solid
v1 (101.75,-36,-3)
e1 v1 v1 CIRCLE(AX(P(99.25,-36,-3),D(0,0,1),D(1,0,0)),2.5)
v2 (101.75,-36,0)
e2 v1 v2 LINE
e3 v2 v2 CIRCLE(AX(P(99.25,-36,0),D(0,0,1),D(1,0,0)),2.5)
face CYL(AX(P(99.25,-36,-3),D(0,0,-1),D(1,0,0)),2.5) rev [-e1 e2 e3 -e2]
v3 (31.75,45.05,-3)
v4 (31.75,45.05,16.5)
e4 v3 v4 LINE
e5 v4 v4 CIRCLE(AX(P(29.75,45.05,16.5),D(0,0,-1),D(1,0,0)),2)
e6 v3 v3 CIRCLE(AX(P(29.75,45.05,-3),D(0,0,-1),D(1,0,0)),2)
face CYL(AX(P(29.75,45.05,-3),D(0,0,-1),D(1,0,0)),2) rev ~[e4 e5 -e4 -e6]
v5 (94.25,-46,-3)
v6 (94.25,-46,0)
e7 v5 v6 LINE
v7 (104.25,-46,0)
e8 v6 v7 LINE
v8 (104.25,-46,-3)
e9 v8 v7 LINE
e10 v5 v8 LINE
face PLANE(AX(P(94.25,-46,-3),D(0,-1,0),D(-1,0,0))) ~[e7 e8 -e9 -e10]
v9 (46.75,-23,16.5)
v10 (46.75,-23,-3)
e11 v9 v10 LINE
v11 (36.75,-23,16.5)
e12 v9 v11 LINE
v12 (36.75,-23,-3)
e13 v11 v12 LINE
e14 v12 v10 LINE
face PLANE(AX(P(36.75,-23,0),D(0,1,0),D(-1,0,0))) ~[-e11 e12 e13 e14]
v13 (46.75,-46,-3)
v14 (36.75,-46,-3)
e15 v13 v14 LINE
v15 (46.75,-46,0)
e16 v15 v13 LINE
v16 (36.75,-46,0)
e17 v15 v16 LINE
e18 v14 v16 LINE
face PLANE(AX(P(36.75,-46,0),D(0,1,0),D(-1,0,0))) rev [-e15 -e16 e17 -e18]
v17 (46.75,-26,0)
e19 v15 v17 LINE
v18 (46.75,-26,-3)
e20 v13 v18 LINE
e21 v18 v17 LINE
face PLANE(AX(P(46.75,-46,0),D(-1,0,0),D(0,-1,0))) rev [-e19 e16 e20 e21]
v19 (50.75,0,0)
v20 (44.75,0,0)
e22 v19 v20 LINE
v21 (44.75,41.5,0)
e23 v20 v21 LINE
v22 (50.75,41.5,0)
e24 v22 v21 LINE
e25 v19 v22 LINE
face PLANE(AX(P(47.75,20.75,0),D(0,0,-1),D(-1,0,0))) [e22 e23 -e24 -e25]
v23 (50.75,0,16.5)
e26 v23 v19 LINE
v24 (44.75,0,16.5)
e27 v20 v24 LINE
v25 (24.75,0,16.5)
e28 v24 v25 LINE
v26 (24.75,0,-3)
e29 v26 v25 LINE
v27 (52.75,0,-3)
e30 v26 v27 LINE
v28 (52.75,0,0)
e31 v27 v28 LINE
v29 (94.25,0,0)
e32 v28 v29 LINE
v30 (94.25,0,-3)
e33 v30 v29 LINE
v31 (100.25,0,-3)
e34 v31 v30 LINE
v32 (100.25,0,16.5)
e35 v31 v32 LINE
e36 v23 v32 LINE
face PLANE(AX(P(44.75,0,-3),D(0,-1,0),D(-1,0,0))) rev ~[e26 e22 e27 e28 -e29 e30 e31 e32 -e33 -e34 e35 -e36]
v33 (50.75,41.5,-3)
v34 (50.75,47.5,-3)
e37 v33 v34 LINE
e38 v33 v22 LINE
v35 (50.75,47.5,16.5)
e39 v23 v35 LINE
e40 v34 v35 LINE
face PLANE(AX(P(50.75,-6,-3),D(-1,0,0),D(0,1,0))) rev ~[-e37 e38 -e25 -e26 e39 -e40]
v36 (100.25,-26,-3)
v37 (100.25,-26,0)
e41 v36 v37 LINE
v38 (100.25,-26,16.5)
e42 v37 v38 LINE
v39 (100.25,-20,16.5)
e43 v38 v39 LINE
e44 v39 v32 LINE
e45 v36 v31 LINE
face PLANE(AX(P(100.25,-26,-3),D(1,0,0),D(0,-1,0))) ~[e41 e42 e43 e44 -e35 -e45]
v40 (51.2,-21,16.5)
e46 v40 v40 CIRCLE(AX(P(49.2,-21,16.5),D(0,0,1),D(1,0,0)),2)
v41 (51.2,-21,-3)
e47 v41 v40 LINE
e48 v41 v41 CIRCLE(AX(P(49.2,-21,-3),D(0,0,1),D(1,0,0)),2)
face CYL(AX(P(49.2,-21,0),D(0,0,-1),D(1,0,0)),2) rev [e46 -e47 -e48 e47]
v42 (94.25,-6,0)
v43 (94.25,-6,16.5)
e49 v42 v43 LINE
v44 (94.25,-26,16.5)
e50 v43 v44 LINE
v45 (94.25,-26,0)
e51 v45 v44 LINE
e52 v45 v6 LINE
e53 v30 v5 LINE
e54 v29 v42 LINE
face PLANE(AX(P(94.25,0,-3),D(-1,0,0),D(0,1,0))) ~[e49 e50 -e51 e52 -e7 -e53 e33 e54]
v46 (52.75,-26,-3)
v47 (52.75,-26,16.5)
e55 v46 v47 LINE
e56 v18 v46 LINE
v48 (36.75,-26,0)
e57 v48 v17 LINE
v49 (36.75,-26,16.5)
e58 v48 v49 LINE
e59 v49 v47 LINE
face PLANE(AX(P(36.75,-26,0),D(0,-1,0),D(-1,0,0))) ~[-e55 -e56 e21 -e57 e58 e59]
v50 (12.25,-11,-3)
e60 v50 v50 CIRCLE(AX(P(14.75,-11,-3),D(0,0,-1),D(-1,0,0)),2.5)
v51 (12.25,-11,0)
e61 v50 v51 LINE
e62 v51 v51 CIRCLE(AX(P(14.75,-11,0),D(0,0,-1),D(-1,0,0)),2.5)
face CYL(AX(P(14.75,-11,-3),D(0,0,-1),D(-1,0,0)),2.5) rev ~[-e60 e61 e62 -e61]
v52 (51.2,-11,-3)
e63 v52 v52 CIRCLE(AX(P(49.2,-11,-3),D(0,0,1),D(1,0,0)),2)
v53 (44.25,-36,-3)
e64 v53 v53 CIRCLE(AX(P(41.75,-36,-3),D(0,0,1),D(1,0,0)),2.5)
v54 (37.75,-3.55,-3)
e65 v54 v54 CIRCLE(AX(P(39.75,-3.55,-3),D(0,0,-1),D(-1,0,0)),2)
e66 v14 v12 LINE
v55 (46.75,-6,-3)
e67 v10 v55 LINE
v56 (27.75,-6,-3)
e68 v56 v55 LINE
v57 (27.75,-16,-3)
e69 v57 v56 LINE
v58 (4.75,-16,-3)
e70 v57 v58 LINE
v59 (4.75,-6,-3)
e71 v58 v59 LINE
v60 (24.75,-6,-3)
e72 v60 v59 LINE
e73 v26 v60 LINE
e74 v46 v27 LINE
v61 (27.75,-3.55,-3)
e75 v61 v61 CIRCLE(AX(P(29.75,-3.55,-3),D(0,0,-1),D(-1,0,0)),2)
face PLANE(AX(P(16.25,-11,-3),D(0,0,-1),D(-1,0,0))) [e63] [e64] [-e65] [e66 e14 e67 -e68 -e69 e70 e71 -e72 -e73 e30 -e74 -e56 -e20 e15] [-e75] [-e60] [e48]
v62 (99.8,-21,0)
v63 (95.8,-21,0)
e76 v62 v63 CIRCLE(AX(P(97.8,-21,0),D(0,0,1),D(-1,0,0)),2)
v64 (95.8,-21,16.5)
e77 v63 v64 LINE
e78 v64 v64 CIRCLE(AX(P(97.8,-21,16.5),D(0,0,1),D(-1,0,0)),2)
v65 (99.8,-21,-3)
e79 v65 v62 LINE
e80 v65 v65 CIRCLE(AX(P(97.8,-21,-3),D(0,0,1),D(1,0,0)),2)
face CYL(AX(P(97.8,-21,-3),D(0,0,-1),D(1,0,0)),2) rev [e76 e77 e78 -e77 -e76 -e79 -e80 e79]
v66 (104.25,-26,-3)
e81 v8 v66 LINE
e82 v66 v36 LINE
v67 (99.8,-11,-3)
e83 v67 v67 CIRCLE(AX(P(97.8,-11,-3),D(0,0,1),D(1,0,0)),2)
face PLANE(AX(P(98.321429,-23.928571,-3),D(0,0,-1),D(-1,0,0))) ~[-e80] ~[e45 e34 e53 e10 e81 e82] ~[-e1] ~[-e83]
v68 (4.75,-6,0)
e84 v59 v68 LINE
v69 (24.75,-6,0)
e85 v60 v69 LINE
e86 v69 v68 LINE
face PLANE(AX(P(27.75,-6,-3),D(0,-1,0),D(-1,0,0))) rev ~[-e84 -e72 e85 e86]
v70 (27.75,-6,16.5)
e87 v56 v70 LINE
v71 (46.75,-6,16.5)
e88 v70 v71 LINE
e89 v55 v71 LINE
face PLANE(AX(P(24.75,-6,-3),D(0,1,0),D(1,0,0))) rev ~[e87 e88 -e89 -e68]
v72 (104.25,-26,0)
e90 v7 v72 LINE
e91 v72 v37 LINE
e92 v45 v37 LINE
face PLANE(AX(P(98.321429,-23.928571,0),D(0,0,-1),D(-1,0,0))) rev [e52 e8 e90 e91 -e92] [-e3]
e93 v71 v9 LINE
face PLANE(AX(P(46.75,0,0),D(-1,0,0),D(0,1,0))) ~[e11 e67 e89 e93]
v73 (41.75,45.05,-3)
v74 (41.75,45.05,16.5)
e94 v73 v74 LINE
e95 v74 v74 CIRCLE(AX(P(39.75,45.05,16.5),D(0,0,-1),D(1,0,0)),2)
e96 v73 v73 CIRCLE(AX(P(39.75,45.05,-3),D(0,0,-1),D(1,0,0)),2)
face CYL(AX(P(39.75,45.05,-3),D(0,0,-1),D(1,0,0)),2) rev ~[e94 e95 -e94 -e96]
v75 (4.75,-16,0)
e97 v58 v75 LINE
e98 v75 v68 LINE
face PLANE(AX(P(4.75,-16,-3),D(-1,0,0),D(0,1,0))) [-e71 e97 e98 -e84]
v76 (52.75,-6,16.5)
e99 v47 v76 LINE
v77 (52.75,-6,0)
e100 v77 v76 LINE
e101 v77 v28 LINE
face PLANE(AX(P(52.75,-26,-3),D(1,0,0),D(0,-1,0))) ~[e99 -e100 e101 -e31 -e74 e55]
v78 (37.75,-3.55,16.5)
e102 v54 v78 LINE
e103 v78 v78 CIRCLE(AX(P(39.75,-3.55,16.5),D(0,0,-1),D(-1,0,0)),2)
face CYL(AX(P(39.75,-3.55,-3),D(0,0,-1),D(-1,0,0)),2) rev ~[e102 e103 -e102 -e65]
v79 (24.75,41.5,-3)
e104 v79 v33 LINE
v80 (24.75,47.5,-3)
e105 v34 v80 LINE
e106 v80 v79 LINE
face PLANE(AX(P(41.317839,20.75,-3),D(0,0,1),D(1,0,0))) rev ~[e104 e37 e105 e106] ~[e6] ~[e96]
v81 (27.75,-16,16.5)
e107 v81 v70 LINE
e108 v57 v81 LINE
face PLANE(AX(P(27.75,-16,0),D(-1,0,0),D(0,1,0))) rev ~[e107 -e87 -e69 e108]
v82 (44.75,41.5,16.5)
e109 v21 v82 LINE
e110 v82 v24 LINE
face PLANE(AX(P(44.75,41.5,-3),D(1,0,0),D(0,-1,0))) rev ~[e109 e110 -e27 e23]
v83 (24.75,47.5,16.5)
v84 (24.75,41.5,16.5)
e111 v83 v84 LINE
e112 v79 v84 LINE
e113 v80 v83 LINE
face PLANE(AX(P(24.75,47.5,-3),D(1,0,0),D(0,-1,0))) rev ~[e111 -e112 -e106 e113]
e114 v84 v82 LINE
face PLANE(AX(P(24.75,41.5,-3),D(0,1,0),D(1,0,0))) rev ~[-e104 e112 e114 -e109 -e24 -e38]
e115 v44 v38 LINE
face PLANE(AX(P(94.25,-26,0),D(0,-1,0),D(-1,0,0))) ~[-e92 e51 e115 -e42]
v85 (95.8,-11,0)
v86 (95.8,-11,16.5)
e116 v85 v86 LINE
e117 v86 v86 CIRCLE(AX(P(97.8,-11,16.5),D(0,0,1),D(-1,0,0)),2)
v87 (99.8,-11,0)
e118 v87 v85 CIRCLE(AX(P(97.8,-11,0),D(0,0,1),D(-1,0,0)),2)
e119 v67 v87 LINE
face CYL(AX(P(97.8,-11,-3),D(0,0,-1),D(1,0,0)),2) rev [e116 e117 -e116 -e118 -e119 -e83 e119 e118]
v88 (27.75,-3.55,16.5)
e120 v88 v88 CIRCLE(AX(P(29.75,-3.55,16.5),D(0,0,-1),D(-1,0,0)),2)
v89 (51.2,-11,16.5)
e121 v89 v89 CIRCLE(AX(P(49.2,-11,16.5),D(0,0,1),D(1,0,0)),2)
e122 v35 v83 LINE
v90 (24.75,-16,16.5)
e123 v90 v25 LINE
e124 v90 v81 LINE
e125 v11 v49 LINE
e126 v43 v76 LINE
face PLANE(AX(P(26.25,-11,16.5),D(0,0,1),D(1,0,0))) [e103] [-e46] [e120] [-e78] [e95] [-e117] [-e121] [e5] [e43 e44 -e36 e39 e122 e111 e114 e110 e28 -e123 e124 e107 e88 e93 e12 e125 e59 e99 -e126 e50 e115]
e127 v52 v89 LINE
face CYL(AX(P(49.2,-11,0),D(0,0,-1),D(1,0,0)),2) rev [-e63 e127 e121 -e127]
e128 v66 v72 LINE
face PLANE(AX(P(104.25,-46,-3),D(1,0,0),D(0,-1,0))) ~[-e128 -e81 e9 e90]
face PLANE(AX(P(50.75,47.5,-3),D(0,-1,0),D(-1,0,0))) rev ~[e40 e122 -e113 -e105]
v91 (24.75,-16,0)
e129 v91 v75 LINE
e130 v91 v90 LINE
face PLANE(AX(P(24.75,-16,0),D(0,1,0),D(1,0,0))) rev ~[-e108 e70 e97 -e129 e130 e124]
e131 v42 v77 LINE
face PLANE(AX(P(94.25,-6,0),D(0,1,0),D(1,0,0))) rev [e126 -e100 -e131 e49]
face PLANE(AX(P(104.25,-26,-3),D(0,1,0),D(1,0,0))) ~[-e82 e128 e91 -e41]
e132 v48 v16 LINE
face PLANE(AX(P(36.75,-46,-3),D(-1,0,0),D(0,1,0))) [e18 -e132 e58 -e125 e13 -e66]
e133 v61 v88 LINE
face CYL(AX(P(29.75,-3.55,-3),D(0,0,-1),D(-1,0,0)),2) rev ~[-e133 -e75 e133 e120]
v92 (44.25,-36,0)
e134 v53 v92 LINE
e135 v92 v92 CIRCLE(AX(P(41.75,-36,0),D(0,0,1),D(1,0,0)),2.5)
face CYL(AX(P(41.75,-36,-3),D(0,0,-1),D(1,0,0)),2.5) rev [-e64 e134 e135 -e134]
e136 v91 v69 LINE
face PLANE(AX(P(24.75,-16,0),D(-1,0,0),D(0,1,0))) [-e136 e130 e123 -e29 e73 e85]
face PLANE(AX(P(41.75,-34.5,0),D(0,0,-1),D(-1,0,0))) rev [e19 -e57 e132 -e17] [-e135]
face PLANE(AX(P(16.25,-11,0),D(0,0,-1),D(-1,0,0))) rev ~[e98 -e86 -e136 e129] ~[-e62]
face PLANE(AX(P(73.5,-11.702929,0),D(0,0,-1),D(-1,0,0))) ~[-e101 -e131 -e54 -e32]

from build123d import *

# Parameters (mm, degrees)
EXTRUDE_1_DEPTH     = 16.5
SKETCH_3_W          = 10
SKETCH_3_H          = 16.5
CUT_EXTRUDE_2_DEPTH = 3
SKETCH_4_W          = 11.896315449
SKETCH_4_H          = 29.084641161
CUT_EXTRUDE_3_DEPTH = 48.945933091
SKETCH_5_R          = 2
CUT_EXTRUDE_4_DEPTH = 48.945933091
SKETCH_6_W          = 10
SKETCH_6_H          = 23
EXTRUDE_2_DEPTH     = 3
SKETCH_7_R          = 2.5
CUT_EXTRUDE_5_DEPTH = 3
EXTRUDE_START       = 3
SKETCH_8_R          = 2
SKETCH_8_W          = 6
SKETCH_8_H          = 26
EXTRUDE_3_DEPTH     = 3
SKETCH_9_R          = 2.5
CUT_EXTRUDE_6_DEPTH = 3
SKETCH_10_W         = 74.694005649
SKETCH_10_H         = 52.095093629
CUT_EXTRUDE_7_DEPTH = 116.604119736
SKETCH_13_R         = 2
EXTRUDE_4_DEPTH     = 19.5
SKETCH_14_W         = 6
SKETCH_14_H         = 41.5
CUT_EXTRUDE_9_DEPTH = 3
SKETCH_15_W         = 23
SKETCH_15_H         = 10
SKETCH_15_R         = 2.5
EXTRUDE_5_DEPTH     = 3
SKETCH_16_W         = 3
SKETCH_16_H         = 10
EXTRUDE_6_DEPTH     = 16.5


with BuildPart() as part:
    # 草图1 → 凸台-拉伸1 (new body)
    with BuildSketch(Plane.XY):
        Polygon((0, 0), (26.75, 0), (26.75, -20), (36.75, -20), (36.75, -26), (20.75, -26), (20.75, -6), (0, -6), (-20.75, -6), (-20.75, -26), (-36.75, -26), (-36.75, -20), (-26.75, -20), (-26.75, 0), align=None)
    extrude(amount=EXTRUDE_1_DEPTH)

    # 草图3 → 切除-拉伸2 (cut)
    with BuildSketch(Plane(origin=(0, -20, 0), x_dir=(1, 0, 0), z_dir=(0, 1, 0))):
        with Locations((31.75, -8.25)):
            Rectangle(SKETCH_3_W, SKETCH_3_H)
    extrude(amount=-CUT_EXTRUDE_2_DEPTH, mode=Mode.SUBTRACT)

    # 草图4 → 切除-拉伸3 (cut, through all)
    with BuildSketch(Plane.XY.offset(16.5)):
        with Locations((-32.698157724, -14.542320581)):
            Rectangle(SKETCH_4_W, SKETCH_4_H)
    extrude(amount=-CUT_EXTRUDE_3_DEPTH, mode=Mode.SUBTRACT)

    # 草图5 → 切除-拉伸4 (cut, through all)
    with BuildSketch(Plane(origin=(0, 0, 0), x_dir=(-1, 0, 0), z_dir=(0, 0, -1))):
        with Locations((-24.3, -11)):
            Circle(SKETCH_5_R)
        with Locations((-24.3, -21)):
            Circle(SKETCH_5_R)
        with Locations(Location((24.3, -21, 0), (0, 0, 180))):
            Circle(SKETCH_5_R)
        with Locations(Location((24.3, -11, 0), (0, 0, 180))):
            Circle(SKETCH_5_R)
    extrude(amount=-CUT_EXTRUDE_4_DEPTH, mode=Mode.SUBTRACT)

    # 草图6 → 凸台-拉伸2 (add)
    with BuildSketch(Plane(origin=(0, 0, 0), x_dir=(-1, 0, 0), z_dir=(0, 0, -1))):
        with Locations((-31.75, -34.5)):
            Rectangle(SKETCH_6_W, SKETCH_6_H)
    extrude(amount=EXTRUDE_2_DEPTH)

    # 草图7 → 切除-拉伸5 (cut)
    with BuildSketch(Plane(origin=(0, 0, -3), x_dir=(-1, 0, 0), z_dir=(0, 0, -1))):
        with Locations((-31.75, -36)):
            Circle(SKETCH_7_R)
    extrude(amount=-CUT_EXTRUDE_5_DEPTH, mode=Mode.SUBTRACT)

    # 草图8 → 凸台-拉伸3 (add)
    # profile 1 of 2: a face of its own
    with BuildSketch(Plane(origin=(0, 0, 0), x_dir=(-1, 0, 0), z_dir=(0, 0, -1)).offset(EXTRUDE_START)):
        Polygon((26.75, 0), (20.75, 0), (20.75, -46), (26.75, -46), (30.75, -46), (30.75, -26), (26.75, -26), align=None)
        with Locations((24.3, -21)):
            Circle(SKETCH_8_R, mode=Mode.SUBTRACT)
        with Locations((24.3, -11)):
            Circle(SKETCH_8_R, mode=Mode.SUBTRACT)
    # profile 2 of 2: a face of its own
    with BuildSketch(Plane(origin=(0, 0, 0), x_dir=(-1, 0, 0), z_dir=(0, 0, -1)).offset(EXTRUDE_START)):
        with Locations((-23.75, -13)):
            Rectangle(SKETCH_8_W, SKETCH_8_H)
        with Locations((-24.3, -11)):
            Circle(SKETCH_8_R, mode=Mode.SUBTRACT)
        with Locations((-24.3, -21)):
            Circle(SKETCH_8_R, mode=Mode.SUBTRACT)
    extrude(amount=-EXTRUDE_3_DEPTH)

    # 草图9 → 切除-拉伸6 (cut)
    with BuildSketch(Plane(origin=(0, 0, -3), x_dir=(-1, 0, 0), z_dir=(0, 0, -1))):
        with Locations((25.75, -36)):
            Circle(SKETCH_9_R)
    extrude(amount=-CUT_EXTRUDE_6_DEPTH, mode=Mode.SUBTRACT)

    # 镜向1: part across plane


with BuildPart() as part_1:
    add(part.part)
    add(part.part.mirror(Plane(origin=(36.75, -20, 16.5), x_dir=(0, 0, 1), z_dir=(-1, 0, 0))))

    # 草图10 → 切除-拉伸7 (cut, through all)
    with BuildSketch(Plane(origin=(0, 0, -3), x_dir=(-1, 0, 0), z_dir=(0, 0, -1))):
        with Locations((0.597002825, -19.952453186)):
            Rectangle(SKETCH_10_W, SKETCH_10_H)
    extrude(amount=-CUT_EXTRUDE_7_DEPTH, mode=Mode.SUBTRACT)

    # 草图13 → 凸台-拉伸4 (add)
    with BuildSketch(Plane(origin=(0, 0, -3), x_dir=(-1, 0, 0), z_dir=(0, 0, -1))):
        Polygon((-24.75, -6), (-50.75, -6), (-50.75, 47.5), (-24.75, 47.5), (-24.75, 41.5), (-44.75, 41.5), (-44.75, 0), (-24.75, 0), align=None)
        with Locations((-29.75, -3.55)):
            Circle(SKETCH_13_R, mode=Mode.SUBTRACT)
        with Locations((-39.75, -3.55)):
            Circle(SKETCH_13_R, mode=Mode.SUBTRACT)
        with Locations(Location((-39.75, 45.05, 0), (0, 0, 180))):
            Circle(SKETCH_13_R, mode=Mode.SUBTRACT)
        with Locations(Location((-29.75, 45.05, 0), (0, 0, 180))):
            Circle(SKETCH_13_R, mode=Mode.SUBTRACT)
    extrude(amount=-EXTRUDE_4_DEPTH)

    # 草图14 → 切除-拉伸9 (cut)
    with BuildSketch(Plane(origin=(0, 0, -3), x_dir=(-1, 0, 0), z_dir=(0, 0, -1))):
        with Locations((-47.75, 20.75)):
            Rectangle(SKETCH_14_W, SKETCH_14_H)
    extrude(amount=-CUT_EXTRUDE_9_DEPTH, mode=Mode.SUBTRACT)

    # 草图15 → 凸台-拉伸5 (add)
    with BuildSketch(Plane(origin=(0, 0, -3), x_dir=(-1, 0, 0), z_dir=(0, 0, -1))):
        with Locations((-16.25, -11)):
            Rectangle(SKETCH_15_W, SKETCH_15_H)
        with Locations((-14.75, -11)):
            Circle(SKETCH_15_R, mode=Mode.SUBTRACT)
    extrude(amount=-EXTRUDE_5_DEPTH)

    # 草图16 → 凸台-拉伸6 (add)
    with BuildSketch(Plane.XY):
        with Locations((26.25, -11)):
            Rectangle(SKETCH_16_W, SKETCH_16_H)
    extrude(amount=EXTRUDE_6_DEPTH)


solid = part_1.part
